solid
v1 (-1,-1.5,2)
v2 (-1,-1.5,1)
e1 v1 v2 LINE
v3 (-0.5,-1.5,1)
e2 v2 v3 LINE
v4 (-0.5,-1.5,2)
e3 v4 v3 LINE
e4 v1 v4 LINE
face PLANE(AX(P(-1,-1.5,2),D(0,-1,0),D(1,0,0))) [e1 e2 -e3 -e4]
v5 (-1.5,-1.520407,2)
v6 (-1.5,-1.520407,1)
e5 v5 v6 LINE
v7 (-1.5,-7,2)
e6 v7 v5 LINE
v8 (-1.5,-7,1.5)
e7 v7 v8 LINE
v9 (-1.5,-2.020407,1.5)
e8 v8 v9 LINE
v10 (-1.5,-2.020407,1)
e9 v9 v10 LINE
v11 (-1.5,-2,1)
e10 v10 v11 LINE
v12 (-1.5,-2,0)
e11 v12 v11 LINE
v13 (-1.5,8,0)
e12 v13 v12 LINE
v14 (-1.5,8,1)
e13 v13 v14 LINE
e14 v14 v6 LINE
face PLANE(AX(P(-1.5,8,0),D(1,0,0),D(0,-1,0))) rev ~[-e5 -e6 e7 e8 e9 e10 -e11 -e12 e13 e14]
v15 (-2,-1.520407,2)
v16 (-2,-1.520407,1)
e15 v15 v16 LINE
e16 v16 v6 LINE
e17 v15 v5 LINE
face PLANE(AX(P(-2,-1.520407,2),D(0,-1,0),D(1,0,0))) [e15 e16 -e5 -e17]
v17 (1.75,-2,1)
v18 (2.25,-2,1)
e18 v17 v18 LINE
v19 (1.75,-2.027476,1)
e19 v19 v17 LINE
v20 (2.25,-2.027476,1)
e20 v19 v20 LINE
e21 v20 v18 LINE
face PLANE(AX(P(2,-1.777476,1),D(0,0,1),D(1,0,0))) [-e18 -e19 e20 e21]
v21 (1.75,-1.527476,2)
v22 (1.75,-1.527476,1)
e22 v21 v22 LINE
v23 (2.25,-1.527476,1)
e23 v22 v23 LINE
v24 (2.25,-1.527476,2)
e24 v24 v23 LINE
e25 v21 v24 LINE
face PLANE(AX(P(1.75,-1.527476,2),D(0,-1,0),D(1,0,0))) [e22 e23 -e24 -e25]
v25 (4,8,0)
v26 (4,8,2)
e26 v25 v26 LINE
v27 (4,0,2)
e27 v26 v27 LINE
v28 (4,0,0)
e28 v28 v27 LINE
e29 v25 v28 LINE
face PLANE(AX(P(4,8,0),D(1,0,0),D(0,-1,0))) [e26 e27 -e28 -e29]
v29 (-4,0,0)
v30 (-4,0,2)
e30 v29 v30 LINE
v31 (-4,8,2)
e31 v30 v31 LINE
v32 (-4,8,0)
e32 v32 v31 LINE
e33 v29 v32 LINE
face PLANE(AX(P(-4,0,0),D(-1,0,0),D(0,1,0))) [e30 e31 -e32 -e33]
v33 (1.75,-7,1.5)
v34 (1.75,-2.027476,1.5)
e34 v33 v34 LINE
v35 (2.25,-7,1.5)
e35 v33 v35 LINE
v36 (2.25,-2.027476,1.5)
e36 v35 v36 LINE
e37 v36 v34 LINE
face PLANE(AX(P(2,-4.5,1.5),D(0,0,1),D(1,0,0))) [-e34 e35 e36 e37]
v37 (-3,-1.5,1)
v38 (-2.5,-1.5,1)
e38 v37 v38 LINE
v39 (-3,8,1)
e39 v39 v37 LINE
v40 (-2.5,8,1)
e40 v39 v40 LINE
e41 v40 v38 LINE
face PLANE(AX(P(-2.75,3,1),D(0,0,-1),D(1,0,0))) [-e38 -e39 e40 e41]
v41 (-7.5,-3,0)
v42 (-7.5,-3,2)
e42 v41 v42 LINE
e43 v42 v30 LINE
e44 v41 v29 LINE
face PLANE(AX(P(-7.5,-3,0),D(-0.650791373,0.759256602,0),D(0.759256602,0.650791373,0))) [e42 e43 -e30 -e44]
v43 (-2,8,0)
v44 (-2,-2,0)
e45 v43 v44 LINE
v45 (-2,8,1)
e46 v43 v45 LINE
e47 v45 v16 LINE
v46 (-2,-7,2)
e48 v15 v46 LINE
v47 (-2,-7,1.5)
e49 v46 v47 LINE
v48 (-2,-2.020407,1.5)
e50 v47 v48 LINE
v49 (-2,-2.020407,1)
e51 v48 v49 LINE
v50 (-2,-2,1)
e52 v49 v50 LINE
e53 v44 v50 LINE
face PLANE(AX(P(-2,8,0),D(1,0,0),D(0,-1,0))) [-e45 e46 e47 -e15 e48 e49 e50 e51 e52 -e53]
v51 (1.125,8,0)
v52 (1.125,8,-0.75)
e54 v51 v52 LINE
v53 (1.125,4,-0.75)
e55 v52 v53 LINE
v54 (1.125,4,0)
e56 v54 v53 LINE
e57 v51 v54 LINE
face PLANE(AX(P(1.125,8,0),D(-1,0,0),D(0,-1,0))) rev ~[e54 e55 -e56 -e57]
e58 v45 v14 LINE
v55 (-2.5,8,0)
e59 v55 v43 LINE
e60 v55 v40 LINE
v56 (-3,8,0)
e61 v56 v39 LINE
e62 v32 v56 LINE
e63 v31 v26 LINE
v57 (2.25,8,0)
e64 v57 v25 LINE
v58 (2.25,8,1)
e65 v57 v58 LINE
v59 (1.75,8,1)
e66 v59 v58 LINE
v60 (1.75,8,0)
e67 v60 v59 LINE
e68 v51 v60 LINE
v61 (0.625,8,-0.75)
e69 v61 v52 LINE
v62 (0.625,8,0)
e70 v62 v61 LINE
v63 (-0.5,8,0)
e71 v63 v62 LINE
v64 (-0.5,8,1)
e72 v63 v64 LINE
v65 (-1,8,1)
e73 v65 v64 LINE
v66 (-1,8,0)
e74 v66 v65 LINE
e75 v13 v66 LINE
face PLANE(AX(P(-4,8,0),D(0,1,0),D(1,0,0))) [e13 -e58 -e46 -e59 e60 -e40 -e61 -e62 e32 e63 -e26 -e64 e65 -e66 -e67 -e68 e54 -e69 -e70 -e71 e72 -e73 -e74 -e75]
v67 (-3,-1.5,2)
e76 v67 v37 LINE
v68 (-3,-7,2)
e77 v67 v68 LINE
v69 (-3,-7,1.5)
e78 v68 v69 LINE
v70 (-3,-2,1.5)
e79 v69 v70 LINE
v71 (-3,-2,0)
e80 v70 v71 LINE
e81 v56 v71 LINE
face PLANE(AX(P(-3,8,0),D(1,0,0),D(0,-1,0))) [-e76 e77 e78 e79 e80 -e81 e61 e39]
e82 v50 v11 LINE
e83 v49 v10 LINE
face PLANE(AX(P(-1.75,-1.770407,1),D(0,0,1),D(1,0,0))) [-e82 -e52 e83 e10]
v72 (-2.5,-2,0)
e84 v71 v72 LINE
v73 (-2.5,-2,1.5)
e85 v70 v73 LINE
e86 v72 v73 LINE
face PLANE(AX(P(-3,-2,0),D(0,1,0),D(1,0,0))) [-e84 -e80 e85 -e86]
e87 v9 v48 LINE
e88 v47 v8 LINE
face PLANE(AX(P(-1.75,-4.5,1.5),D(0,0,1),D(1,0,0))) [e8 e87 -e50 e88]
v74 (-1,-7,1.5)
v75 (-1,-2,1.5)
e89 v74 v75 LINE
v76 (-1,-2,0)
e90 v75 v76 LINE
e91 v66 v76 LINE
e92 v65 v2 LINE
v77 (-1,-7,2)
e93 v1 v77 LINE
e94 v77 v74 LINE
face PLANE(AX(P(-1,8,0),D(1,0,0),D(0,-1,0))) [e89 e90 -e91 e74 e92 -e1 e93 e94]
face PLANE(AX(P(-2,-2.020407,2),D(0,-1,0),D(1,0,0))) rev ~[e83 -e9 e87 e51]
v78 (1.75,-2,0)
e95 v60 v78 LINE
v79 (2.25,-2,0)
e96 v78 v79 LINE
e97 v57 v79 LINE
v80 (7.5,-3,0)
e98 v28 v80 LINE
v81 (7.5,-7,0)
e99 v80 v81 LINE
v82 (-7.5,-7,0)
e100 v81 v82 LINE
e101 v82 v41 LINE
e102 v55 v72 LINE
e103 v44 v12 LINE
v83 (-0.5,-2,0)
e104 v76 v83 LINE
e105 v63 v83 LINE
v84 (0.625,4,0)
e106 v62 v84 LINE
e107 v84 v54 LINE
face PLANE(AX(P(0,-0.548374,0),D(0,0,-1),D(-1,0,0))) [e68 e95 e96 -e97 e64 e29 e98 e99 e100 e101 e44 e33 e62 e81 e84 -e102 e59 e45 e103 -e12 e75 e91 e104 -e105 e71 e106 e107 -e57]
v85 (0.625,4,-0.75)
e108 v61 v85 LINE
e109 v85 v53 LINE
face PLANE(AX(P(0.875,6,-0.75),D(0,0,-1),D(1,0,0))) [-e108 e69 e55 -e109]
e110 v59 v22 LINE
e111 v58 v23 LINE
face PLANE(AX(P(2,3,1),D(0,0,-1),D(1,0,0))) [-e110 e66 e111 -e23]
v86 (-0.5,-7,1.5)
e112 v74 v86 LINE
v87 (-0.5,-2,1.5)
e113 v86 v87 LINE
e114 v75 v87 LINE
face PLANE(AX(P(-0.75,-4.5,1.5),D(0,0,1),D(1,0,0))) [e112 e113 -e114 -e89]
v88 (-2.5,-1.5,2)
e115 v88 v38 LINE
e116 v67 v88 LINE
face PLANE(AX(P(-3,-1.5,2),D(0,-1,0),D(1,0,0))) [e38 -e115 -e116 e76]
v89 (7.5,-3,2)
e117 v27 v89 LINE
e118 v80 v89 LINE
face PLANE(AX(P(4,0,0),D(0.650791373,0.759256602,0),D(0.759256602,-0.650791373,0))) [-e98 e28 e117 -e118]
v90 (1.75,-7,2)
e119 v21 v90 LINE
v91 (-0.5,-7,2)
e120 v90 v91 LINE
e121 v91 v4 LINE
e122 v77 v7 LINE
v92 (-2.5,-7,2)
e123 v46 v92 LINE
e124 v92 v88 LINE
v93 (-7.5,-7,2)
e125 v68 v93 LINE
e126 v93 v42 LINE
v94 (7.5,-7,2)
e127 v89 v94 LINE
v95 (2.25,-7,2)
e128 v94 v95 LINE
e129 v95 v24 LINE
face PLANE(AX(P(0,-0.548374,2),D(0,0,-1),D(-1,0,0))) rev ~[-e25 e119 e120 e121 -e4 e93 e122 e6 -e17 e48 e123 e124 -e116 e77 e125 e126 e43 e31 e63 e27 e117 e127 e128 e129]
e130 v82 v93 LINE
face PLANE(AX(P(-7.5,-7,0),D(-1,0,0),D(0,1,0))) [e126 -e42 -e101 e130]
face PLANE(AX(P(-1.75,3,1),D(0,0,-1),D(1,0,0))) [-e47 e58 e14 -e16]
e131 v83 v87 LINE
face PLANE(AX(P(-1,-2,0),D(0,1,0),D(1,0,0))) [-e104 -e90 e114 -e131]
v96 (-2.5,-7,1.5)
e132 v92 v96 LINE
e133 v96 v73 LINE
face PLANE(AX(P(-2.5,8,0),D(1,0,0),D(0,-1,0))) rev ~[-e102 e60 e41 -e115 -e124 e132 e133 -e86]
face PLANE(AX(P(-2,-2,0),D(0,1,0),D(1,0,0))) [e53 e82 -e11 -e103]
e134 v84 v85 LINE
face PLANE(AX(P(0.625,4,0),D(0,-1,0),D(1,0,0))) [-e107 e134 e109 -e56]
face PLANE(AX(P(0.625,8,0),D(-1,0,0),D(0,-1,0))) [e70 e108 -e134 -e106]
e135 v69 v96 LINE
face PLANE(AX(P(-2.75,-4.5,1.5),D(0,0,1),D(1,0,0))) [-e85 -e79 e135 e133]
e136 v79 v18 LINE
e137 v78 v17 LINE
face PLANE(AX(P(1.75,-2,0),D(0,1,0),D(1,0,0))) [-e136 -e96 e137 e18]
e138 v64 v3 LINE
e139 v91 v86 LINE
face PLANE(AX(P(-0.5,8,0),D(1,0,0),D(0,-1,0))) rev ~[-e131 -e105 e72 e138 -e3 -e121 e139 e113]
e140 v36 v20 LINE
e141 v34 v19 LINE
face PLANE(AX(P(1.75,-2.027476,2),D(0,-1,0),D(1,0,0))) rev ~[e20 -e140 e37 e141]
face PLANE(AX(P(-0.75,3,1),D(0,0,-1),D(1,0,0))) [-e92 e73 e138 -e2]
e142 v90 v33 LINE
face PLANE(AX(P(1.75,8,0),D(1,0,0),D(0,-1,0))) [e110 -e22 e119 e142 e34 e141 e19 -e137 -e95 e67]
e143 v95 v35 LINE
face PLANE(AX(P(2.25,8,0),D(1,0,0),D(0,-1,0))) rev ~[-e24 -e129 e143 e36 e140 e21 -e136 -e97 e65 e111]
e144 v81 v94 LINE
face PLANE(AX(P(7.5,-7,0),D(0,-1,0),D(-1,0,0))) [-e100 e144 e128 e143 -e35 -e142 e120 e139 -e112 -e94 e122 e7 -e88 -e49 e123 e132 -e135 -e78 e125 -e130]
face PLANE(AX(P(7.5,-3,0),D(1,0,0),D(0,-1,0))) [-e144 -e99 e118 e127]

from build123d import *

# Parameters (mm, degrees)
PAD_DEPTH       = 2
SKETCH001_W     = 0.5
SKETCH001_H     = 4
PAD001_DEPTH    = 0.75
SKETCH002_W     = 0.5
SKETCH002_H     = 10
POCKET_DEPTH    = 1
SKETCH003_W     = 0.5
SKETCH003_H     = 0.5
POCKET001_DEPTH = 1
SKETCH004_W     = 0.5
SKETCH004_H     = 5
POCKET002_DEPTH = 0.5


with BuildPart() as part:
    # Sketch → Pad (new body)
    with BuildSketch(Plane.XY):
        Polygon((-4, 8), (4, 8), (4, 0), (7.5, -3), (7.5, -7), (-7.5, -7), (-7.5, -3), (-4, 0), align=None)
    extrude(amount=PAD_DEPTH)

    # Sketch001 (on Face9 of Pad) → Pad001 (join)
    with BuildSketch(Plane(origin=(0, 0, 0), x_dir=(1, 0, 0), z_dir=(0, 0, -1))):
        with Locations((0.875, -6)):
            Rectangle(SKETCH001_W, SKETCH001_H)
    extrude(amount=PAD001_DEPTH)

    # Sketch002 (on Face4 of Pad001) → Pocket (cut)
    with BuildSketch(Plane(origin=(0, 0, 0), x_dir=(1, 0, 0), z_dir=(0, 0, -1))):
        with Locations((-2.75, -3)):
            Rectangle(SKETCH002_W, SKETCH002_H)
        with Locations((-1.75, -3)):
            Rectangle(SKETCH002_W, SKETCH002_H)
        with Locations((-0.75, -3)):
            Rectangle(SKETCH002_W, SKETCH002_H)
        with Locations((2, -3)):
            Rectangle(SKETCH002_W, SKETCH002_H)
    extrude(amount=-POCKET_DEPTH, mode=Mode.SUBTRACT)

    # Sketch003 (on Sketch) → Pocket001 (cut)
    with BuildSketch(Plane.XY.offset(2)):
        with Locations((-2.75, -1.75)):
            Rectangle(SKETCH003_W, SKETCH003_H)
        with Locations((-1.75, -1.770407)):
            Rectangle(SKETCH003_W, SKETCH003_H)
        with Locations((-0.75, -1.75)):
            Rectangle(SKETCH003_W, SKETCH003_H)
        with Locations((2, -1.777476)):
            Rectangle(SKETCH003_W, SKETCH003_H)
    extrude(amount=-POCKET001_DEPTH, mode=Mode.SUBTRACT)

    # Sketch004 (on Face5 of Pocket001) → Pocket002 (cut)
    with BuildSketch(Plane.XY.offset(2)):
        with Locations((-2.75, -4.5)):
            Rectangle(SKETCH004_W, SKETCH004_H)
        with Locations((-1.75, -4.5)):
            Rectangle(SKETCH004_W, SKETCH004_H)
        with Locations((-0.75, -4.5)):
            Rectangle(SKETCH004_W, SKETCH004_H)
        with Locations((2, -4.5)):
            Rectangle(SKETCH004_W, SKETCH004_H)
    extrude(amount=-POCKET002_DEPTH, mode=Mode.SUBTRACT)


solid = part.part
